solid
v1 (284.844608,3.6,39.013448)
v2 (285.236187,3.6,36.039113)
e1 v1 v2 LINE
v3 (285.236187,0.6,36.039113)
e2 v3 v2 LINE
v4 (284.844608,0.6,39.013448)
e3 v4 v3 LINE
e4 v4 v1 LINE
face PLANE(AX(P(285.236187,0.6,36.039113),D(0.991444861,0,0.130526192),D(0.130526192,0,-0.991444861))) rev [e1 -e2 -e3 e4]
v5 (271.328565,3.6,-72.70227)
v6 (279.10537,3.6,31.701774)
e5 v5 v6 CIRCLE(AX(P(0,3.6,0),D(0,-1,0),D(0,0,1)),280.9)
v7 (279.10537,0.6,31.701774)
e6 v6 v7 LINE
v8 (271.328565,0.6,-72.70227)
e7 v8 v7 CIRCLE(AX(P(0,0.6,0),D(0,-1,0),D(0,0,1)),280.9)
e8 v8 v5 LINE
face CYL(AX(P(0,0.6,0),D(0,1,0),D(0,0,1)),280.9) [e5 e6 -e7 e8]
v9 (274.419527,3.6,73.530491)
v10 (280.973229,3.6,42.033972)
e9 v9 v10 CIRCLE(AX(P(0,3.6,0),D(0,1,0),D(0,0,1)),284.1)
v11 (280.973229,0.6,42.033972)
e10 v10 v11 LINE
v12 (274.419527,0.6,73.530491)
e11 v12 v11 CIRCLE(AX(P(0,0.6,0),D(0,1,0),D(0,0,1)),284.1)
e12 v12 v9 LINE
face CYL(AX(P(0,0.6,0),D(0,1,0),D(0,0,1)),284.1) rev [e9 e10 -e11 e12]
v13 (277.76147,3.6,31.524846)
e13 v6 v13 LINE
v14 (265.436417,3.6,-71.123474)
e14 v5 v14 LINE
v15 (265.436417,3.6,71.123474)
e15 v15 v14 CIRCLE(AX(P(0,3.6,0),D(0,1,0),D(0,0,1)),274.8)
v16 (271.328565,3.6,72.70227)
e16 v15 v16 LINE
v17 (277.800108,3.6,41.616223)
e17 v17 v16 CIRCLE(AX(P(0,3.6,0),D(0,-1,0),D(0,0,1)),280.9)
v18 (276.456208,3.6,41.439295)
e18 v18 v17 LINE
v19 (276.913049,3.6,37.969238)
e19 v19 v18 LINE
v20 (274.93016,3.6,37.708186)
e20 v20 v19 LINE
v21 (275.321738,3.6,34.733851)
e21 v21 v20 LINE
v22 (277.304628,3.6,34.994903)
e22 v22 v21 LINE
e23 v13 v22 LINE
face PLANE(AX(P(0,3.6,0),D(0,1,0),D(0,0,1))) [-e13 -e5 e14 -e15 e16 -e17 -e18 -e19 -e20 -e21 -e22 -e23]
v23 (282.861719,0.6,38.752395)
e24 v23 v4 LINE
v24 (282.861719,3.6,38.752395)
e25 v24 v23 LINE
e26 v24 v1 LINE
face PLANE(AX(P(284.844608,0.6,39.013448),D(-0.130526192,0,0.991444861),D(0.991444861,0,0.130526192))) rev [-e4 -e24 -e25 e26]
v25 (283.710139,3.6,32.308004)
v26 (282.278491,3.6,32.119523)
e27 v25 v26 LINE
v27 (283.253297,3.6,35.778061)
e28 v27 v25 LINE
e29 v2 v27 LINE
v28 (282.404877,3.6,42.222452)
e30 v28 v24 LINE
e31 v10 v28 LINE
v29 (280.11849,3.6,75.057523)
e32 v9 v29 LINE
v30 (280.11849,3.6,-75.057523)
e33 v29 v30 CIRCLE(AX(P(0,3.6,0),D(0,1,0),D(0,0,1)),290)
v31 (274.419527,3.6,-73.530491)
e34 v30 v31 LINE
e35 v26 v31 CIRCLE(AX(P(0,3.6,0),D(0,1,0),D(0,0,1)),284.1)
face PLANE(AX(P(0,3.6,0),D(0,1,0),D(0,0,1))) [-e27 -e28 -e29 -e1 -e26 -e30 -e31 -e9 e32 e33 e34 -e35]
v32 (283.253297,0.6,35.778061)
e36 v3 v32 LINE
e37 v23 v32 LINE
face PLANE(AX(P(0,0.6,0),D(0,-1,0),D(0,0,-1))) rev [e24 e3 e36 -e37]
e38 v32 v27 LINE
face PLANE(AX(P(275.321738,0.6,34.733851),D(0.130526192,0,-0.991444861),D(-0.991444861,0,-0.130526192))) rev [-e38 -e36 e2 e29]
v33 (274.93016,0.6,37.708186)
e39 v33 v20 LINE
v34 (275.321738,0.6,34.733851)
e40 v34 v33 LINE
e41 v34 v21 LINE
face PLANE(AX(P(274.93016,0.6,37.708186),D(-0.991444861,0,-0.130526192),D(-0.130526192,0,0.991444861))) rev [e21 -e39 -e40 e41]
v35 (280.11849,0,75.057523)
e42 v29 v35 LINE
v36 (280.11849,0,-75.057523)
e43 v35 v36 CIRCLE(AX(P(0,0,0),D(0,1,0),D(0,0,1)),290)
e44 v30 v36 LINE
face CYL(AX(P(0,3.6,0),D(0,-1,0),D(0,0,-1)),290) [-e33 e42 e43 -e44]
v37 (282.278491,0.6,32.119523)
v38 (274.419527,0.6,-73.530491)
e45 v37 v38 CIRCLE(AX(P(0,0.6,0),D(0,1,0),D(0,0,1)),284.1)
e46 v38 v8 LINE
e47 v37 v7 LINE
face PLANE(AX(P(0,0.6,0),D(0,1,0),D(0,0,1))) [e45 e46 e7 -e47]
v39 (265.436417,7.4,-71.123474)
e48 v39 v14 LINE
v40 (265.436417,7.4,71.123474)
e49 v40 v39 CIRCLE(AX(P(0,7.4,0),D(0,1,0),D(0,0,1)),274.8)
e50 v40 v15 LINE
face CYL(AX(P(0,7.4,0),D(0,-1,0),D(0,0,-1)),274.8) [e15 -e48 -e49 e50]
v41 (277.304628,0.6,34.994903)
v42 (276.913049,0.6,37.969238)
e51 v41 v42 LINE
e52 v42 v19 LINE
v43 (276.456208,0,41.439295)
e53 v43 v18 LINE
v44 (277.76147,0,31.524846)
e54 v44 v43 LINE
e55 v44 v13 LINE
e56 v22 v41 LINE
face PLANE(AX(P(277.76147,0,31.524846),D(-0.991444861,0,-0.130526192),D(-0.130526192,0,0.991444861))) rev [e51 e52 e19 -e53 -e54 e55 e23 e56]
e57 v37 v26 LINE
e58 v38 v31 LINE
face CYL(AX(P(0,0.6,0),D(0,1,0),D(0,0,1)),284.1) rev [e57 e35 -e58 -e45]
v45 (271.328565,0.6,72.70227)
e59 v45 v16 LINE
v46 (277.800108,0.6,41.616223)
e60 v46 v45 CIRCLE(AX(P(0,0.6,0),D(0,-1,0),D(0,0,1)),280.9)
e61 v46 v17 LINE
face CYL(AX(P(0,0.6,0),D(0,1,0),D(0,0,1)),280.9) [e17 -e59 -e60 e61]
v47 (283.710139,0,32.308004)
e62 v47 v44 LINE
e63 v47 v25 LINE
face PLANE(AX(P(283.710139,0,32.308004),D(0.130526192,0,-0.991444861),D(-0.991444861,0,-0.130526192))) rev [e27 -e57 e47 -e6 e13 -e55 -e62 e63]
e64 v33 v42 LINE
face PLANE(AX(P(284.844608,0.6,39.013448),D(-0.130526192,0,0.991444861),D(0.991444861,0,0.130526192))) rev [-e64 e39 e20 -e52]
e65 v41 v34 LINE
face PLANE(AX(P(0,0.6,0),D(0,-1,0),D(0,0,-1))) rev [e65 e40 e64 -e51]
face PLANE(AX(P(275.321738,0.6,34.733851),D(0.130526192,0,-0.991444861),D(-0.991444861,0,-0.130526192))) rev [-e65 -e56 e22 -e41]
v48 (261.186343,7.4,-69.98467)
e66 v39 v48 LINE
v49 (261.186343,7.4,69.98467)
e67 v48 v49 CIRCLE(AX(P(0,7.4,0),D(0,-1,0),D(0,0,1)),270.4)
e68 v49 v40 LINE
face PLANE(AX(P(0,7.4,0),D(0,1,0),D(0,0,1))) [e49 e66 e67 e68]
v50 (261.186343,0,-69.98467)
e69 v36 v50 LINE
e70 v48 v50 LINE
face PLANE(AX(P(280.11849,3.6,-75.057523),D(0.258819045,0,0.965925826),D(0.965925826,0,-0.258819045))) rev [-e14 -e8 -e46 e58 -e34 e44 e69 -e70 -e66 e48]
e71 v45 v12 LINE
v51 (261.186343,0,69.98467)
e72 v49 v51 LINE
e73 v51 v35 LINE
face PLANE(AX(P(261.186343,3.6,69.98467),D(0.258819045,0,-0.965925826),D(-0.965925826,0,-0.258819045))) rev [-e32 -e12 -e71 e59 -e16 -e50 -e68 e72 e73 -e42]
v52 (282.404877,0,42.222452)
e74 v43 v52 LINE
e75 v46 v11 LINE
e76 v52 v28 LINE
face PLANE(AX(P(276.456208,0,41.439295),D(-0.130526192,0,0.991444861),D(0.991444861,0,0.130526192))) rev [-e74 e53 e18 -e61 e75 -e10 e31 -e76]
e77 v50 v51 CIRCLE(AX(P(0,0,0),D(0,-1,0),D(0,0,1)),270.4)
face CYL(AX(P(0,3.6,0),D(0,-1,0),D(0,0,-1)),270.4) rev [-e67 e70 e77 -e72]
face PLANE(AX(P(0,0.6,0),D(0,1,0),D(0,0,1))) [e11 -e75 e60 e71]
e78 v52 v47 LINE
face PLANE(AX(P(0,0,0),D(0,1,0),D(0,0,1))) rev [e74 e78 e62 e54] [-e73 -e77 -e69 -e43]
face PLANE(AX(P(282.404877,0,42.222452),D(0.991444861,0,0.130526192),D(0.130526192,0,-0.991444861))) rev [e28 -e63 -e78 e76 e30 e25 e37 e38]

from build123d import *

# Parameters (mm, degrees)
AUFSATZ_LINEAR_AUSTRAGEN1_DEPTH = 3.6
SCHNITT_LINEAR_AUSTRAGEN1_DEPTH = 3
SCHNITT_LINEAR_AUSTRAGEN2_DEPTH = 300.577355237
SCHNITT_LINEAR_AUSTRAGEN3_DEPTH = 3
AUFSATZ_LINEAR_AUSTRAGEN2_DEPTH = 3.8


with BuildPart() as part:
    # Skizze1 → Aufsatz-Linear austragen1 (new body)
    with BuildSketch(Plane(origin=(0, 0, 0), x_dir=(1, 0, 0), z_dir=(0, 1, 0))):
        with BuildLine():
            Line((280.118489624, 75.05752308), (261.186343429, 69.984669796))
            ThreePointArc((261.186343429, 69.984669796), (270.4, 0), (261.186343429, -69.984669796))
            Line((261.186343429, -69.984669796), (280.118489624, -75.05752308))
            ThreePointArc((280.118489624, -75.05752308), (290, 0), (280.118489624, 75.05752308))
        make_face()
    extrude(amount=AUFSATZ_LINEAR_AUSTRAGEN1_DEPTH)

    # Skizze2 → Schnitt-Linear austragen1 (cut)
    with BuildSketch(Plane(origin=(0, 3.6, 0), x_dir=(1, 0, 0), z_dir=(0, 1, 0))):
        with BuildLine():
            Line((271.328564605, 72.702269769), (274.419527249, 73.530490714))
            ThreePointArc((274.419527249, 73.530490714), (284.1, 0), (274.419527249, -73.530490714))
            Line((274.419527249, -73.530490714), (271.328564605, -72.702269769))
            ThreePointArc((271.328564605, -72.702269769), (280.9, 0), (271.328564605, 72.702269769))
        make_face()
    extrude(amount=-SCHNITT_LINEAR_AUSTRAGEN1_DEPTH, mode=Mode.SUBTRACT)

    # Skizze3 → Schnitt-Linear austragen2 (cut, through all)
    with BuildSketch(Plane(origin=(0, 3.6, 0), x_dir=(1, 0, 0), z_dir=(0, 1, 0))):
        Polygon((276.456207793, -41.439295032), (282.404876961, -42.222452186), (283.710138883, -32.308003572), (277.761469715, -31.524846419), align=None)
    extrude(amount=-SCHNITT_LINEAR_AUSTRAGEN2_DEPTH, mode=Mode.SUBTRACT)

    # Skizze4 → Schnitt-Linear austragen3 (cut)
    with BuildSketch(Plane(origin=(0, 3.6, 0), x_dir=(1, 0, 0), z_dir=(0, 1, 0))):
        Polygon((275.32173832, -34.733851049), (285.236186933, -36.039112971), (284.844608357, -39.013447555), (274.930159743, -37.708185633), align=None)
    extrude(amount=-SCHNITT_LINEAR_AUSTRAGEN3_DEPTH, mode=Mode.SUBTRACT)

    # Skizze5 → Aufsatz-Linear austragen2 (add)
    with BuildSketch(Plane(origin=(0, 3.6, 0), x_dir=(1, 0, 0), z_dir=(0, 1, 0))):
        with BuildLine():
            Line((261.186343429, 69.984669796), (265.436417064, 71.123473594))
            ThreePointArc((265.436417064, 71.123473594), (274.8, 0), (265.436417064, -71.123473594))
            Line((265.436417064, -71.123473594), (261.186343429, -69.984669796))
            ThreePointArc((261.186343429, -69.984669796), (270.4, 0), (261.186343429, 69.984669796))
        make_face()
    extrude(amount=AUFSATZ_LINEAR_AUSTRAGEN2_DEPTH)


solid = part.part
